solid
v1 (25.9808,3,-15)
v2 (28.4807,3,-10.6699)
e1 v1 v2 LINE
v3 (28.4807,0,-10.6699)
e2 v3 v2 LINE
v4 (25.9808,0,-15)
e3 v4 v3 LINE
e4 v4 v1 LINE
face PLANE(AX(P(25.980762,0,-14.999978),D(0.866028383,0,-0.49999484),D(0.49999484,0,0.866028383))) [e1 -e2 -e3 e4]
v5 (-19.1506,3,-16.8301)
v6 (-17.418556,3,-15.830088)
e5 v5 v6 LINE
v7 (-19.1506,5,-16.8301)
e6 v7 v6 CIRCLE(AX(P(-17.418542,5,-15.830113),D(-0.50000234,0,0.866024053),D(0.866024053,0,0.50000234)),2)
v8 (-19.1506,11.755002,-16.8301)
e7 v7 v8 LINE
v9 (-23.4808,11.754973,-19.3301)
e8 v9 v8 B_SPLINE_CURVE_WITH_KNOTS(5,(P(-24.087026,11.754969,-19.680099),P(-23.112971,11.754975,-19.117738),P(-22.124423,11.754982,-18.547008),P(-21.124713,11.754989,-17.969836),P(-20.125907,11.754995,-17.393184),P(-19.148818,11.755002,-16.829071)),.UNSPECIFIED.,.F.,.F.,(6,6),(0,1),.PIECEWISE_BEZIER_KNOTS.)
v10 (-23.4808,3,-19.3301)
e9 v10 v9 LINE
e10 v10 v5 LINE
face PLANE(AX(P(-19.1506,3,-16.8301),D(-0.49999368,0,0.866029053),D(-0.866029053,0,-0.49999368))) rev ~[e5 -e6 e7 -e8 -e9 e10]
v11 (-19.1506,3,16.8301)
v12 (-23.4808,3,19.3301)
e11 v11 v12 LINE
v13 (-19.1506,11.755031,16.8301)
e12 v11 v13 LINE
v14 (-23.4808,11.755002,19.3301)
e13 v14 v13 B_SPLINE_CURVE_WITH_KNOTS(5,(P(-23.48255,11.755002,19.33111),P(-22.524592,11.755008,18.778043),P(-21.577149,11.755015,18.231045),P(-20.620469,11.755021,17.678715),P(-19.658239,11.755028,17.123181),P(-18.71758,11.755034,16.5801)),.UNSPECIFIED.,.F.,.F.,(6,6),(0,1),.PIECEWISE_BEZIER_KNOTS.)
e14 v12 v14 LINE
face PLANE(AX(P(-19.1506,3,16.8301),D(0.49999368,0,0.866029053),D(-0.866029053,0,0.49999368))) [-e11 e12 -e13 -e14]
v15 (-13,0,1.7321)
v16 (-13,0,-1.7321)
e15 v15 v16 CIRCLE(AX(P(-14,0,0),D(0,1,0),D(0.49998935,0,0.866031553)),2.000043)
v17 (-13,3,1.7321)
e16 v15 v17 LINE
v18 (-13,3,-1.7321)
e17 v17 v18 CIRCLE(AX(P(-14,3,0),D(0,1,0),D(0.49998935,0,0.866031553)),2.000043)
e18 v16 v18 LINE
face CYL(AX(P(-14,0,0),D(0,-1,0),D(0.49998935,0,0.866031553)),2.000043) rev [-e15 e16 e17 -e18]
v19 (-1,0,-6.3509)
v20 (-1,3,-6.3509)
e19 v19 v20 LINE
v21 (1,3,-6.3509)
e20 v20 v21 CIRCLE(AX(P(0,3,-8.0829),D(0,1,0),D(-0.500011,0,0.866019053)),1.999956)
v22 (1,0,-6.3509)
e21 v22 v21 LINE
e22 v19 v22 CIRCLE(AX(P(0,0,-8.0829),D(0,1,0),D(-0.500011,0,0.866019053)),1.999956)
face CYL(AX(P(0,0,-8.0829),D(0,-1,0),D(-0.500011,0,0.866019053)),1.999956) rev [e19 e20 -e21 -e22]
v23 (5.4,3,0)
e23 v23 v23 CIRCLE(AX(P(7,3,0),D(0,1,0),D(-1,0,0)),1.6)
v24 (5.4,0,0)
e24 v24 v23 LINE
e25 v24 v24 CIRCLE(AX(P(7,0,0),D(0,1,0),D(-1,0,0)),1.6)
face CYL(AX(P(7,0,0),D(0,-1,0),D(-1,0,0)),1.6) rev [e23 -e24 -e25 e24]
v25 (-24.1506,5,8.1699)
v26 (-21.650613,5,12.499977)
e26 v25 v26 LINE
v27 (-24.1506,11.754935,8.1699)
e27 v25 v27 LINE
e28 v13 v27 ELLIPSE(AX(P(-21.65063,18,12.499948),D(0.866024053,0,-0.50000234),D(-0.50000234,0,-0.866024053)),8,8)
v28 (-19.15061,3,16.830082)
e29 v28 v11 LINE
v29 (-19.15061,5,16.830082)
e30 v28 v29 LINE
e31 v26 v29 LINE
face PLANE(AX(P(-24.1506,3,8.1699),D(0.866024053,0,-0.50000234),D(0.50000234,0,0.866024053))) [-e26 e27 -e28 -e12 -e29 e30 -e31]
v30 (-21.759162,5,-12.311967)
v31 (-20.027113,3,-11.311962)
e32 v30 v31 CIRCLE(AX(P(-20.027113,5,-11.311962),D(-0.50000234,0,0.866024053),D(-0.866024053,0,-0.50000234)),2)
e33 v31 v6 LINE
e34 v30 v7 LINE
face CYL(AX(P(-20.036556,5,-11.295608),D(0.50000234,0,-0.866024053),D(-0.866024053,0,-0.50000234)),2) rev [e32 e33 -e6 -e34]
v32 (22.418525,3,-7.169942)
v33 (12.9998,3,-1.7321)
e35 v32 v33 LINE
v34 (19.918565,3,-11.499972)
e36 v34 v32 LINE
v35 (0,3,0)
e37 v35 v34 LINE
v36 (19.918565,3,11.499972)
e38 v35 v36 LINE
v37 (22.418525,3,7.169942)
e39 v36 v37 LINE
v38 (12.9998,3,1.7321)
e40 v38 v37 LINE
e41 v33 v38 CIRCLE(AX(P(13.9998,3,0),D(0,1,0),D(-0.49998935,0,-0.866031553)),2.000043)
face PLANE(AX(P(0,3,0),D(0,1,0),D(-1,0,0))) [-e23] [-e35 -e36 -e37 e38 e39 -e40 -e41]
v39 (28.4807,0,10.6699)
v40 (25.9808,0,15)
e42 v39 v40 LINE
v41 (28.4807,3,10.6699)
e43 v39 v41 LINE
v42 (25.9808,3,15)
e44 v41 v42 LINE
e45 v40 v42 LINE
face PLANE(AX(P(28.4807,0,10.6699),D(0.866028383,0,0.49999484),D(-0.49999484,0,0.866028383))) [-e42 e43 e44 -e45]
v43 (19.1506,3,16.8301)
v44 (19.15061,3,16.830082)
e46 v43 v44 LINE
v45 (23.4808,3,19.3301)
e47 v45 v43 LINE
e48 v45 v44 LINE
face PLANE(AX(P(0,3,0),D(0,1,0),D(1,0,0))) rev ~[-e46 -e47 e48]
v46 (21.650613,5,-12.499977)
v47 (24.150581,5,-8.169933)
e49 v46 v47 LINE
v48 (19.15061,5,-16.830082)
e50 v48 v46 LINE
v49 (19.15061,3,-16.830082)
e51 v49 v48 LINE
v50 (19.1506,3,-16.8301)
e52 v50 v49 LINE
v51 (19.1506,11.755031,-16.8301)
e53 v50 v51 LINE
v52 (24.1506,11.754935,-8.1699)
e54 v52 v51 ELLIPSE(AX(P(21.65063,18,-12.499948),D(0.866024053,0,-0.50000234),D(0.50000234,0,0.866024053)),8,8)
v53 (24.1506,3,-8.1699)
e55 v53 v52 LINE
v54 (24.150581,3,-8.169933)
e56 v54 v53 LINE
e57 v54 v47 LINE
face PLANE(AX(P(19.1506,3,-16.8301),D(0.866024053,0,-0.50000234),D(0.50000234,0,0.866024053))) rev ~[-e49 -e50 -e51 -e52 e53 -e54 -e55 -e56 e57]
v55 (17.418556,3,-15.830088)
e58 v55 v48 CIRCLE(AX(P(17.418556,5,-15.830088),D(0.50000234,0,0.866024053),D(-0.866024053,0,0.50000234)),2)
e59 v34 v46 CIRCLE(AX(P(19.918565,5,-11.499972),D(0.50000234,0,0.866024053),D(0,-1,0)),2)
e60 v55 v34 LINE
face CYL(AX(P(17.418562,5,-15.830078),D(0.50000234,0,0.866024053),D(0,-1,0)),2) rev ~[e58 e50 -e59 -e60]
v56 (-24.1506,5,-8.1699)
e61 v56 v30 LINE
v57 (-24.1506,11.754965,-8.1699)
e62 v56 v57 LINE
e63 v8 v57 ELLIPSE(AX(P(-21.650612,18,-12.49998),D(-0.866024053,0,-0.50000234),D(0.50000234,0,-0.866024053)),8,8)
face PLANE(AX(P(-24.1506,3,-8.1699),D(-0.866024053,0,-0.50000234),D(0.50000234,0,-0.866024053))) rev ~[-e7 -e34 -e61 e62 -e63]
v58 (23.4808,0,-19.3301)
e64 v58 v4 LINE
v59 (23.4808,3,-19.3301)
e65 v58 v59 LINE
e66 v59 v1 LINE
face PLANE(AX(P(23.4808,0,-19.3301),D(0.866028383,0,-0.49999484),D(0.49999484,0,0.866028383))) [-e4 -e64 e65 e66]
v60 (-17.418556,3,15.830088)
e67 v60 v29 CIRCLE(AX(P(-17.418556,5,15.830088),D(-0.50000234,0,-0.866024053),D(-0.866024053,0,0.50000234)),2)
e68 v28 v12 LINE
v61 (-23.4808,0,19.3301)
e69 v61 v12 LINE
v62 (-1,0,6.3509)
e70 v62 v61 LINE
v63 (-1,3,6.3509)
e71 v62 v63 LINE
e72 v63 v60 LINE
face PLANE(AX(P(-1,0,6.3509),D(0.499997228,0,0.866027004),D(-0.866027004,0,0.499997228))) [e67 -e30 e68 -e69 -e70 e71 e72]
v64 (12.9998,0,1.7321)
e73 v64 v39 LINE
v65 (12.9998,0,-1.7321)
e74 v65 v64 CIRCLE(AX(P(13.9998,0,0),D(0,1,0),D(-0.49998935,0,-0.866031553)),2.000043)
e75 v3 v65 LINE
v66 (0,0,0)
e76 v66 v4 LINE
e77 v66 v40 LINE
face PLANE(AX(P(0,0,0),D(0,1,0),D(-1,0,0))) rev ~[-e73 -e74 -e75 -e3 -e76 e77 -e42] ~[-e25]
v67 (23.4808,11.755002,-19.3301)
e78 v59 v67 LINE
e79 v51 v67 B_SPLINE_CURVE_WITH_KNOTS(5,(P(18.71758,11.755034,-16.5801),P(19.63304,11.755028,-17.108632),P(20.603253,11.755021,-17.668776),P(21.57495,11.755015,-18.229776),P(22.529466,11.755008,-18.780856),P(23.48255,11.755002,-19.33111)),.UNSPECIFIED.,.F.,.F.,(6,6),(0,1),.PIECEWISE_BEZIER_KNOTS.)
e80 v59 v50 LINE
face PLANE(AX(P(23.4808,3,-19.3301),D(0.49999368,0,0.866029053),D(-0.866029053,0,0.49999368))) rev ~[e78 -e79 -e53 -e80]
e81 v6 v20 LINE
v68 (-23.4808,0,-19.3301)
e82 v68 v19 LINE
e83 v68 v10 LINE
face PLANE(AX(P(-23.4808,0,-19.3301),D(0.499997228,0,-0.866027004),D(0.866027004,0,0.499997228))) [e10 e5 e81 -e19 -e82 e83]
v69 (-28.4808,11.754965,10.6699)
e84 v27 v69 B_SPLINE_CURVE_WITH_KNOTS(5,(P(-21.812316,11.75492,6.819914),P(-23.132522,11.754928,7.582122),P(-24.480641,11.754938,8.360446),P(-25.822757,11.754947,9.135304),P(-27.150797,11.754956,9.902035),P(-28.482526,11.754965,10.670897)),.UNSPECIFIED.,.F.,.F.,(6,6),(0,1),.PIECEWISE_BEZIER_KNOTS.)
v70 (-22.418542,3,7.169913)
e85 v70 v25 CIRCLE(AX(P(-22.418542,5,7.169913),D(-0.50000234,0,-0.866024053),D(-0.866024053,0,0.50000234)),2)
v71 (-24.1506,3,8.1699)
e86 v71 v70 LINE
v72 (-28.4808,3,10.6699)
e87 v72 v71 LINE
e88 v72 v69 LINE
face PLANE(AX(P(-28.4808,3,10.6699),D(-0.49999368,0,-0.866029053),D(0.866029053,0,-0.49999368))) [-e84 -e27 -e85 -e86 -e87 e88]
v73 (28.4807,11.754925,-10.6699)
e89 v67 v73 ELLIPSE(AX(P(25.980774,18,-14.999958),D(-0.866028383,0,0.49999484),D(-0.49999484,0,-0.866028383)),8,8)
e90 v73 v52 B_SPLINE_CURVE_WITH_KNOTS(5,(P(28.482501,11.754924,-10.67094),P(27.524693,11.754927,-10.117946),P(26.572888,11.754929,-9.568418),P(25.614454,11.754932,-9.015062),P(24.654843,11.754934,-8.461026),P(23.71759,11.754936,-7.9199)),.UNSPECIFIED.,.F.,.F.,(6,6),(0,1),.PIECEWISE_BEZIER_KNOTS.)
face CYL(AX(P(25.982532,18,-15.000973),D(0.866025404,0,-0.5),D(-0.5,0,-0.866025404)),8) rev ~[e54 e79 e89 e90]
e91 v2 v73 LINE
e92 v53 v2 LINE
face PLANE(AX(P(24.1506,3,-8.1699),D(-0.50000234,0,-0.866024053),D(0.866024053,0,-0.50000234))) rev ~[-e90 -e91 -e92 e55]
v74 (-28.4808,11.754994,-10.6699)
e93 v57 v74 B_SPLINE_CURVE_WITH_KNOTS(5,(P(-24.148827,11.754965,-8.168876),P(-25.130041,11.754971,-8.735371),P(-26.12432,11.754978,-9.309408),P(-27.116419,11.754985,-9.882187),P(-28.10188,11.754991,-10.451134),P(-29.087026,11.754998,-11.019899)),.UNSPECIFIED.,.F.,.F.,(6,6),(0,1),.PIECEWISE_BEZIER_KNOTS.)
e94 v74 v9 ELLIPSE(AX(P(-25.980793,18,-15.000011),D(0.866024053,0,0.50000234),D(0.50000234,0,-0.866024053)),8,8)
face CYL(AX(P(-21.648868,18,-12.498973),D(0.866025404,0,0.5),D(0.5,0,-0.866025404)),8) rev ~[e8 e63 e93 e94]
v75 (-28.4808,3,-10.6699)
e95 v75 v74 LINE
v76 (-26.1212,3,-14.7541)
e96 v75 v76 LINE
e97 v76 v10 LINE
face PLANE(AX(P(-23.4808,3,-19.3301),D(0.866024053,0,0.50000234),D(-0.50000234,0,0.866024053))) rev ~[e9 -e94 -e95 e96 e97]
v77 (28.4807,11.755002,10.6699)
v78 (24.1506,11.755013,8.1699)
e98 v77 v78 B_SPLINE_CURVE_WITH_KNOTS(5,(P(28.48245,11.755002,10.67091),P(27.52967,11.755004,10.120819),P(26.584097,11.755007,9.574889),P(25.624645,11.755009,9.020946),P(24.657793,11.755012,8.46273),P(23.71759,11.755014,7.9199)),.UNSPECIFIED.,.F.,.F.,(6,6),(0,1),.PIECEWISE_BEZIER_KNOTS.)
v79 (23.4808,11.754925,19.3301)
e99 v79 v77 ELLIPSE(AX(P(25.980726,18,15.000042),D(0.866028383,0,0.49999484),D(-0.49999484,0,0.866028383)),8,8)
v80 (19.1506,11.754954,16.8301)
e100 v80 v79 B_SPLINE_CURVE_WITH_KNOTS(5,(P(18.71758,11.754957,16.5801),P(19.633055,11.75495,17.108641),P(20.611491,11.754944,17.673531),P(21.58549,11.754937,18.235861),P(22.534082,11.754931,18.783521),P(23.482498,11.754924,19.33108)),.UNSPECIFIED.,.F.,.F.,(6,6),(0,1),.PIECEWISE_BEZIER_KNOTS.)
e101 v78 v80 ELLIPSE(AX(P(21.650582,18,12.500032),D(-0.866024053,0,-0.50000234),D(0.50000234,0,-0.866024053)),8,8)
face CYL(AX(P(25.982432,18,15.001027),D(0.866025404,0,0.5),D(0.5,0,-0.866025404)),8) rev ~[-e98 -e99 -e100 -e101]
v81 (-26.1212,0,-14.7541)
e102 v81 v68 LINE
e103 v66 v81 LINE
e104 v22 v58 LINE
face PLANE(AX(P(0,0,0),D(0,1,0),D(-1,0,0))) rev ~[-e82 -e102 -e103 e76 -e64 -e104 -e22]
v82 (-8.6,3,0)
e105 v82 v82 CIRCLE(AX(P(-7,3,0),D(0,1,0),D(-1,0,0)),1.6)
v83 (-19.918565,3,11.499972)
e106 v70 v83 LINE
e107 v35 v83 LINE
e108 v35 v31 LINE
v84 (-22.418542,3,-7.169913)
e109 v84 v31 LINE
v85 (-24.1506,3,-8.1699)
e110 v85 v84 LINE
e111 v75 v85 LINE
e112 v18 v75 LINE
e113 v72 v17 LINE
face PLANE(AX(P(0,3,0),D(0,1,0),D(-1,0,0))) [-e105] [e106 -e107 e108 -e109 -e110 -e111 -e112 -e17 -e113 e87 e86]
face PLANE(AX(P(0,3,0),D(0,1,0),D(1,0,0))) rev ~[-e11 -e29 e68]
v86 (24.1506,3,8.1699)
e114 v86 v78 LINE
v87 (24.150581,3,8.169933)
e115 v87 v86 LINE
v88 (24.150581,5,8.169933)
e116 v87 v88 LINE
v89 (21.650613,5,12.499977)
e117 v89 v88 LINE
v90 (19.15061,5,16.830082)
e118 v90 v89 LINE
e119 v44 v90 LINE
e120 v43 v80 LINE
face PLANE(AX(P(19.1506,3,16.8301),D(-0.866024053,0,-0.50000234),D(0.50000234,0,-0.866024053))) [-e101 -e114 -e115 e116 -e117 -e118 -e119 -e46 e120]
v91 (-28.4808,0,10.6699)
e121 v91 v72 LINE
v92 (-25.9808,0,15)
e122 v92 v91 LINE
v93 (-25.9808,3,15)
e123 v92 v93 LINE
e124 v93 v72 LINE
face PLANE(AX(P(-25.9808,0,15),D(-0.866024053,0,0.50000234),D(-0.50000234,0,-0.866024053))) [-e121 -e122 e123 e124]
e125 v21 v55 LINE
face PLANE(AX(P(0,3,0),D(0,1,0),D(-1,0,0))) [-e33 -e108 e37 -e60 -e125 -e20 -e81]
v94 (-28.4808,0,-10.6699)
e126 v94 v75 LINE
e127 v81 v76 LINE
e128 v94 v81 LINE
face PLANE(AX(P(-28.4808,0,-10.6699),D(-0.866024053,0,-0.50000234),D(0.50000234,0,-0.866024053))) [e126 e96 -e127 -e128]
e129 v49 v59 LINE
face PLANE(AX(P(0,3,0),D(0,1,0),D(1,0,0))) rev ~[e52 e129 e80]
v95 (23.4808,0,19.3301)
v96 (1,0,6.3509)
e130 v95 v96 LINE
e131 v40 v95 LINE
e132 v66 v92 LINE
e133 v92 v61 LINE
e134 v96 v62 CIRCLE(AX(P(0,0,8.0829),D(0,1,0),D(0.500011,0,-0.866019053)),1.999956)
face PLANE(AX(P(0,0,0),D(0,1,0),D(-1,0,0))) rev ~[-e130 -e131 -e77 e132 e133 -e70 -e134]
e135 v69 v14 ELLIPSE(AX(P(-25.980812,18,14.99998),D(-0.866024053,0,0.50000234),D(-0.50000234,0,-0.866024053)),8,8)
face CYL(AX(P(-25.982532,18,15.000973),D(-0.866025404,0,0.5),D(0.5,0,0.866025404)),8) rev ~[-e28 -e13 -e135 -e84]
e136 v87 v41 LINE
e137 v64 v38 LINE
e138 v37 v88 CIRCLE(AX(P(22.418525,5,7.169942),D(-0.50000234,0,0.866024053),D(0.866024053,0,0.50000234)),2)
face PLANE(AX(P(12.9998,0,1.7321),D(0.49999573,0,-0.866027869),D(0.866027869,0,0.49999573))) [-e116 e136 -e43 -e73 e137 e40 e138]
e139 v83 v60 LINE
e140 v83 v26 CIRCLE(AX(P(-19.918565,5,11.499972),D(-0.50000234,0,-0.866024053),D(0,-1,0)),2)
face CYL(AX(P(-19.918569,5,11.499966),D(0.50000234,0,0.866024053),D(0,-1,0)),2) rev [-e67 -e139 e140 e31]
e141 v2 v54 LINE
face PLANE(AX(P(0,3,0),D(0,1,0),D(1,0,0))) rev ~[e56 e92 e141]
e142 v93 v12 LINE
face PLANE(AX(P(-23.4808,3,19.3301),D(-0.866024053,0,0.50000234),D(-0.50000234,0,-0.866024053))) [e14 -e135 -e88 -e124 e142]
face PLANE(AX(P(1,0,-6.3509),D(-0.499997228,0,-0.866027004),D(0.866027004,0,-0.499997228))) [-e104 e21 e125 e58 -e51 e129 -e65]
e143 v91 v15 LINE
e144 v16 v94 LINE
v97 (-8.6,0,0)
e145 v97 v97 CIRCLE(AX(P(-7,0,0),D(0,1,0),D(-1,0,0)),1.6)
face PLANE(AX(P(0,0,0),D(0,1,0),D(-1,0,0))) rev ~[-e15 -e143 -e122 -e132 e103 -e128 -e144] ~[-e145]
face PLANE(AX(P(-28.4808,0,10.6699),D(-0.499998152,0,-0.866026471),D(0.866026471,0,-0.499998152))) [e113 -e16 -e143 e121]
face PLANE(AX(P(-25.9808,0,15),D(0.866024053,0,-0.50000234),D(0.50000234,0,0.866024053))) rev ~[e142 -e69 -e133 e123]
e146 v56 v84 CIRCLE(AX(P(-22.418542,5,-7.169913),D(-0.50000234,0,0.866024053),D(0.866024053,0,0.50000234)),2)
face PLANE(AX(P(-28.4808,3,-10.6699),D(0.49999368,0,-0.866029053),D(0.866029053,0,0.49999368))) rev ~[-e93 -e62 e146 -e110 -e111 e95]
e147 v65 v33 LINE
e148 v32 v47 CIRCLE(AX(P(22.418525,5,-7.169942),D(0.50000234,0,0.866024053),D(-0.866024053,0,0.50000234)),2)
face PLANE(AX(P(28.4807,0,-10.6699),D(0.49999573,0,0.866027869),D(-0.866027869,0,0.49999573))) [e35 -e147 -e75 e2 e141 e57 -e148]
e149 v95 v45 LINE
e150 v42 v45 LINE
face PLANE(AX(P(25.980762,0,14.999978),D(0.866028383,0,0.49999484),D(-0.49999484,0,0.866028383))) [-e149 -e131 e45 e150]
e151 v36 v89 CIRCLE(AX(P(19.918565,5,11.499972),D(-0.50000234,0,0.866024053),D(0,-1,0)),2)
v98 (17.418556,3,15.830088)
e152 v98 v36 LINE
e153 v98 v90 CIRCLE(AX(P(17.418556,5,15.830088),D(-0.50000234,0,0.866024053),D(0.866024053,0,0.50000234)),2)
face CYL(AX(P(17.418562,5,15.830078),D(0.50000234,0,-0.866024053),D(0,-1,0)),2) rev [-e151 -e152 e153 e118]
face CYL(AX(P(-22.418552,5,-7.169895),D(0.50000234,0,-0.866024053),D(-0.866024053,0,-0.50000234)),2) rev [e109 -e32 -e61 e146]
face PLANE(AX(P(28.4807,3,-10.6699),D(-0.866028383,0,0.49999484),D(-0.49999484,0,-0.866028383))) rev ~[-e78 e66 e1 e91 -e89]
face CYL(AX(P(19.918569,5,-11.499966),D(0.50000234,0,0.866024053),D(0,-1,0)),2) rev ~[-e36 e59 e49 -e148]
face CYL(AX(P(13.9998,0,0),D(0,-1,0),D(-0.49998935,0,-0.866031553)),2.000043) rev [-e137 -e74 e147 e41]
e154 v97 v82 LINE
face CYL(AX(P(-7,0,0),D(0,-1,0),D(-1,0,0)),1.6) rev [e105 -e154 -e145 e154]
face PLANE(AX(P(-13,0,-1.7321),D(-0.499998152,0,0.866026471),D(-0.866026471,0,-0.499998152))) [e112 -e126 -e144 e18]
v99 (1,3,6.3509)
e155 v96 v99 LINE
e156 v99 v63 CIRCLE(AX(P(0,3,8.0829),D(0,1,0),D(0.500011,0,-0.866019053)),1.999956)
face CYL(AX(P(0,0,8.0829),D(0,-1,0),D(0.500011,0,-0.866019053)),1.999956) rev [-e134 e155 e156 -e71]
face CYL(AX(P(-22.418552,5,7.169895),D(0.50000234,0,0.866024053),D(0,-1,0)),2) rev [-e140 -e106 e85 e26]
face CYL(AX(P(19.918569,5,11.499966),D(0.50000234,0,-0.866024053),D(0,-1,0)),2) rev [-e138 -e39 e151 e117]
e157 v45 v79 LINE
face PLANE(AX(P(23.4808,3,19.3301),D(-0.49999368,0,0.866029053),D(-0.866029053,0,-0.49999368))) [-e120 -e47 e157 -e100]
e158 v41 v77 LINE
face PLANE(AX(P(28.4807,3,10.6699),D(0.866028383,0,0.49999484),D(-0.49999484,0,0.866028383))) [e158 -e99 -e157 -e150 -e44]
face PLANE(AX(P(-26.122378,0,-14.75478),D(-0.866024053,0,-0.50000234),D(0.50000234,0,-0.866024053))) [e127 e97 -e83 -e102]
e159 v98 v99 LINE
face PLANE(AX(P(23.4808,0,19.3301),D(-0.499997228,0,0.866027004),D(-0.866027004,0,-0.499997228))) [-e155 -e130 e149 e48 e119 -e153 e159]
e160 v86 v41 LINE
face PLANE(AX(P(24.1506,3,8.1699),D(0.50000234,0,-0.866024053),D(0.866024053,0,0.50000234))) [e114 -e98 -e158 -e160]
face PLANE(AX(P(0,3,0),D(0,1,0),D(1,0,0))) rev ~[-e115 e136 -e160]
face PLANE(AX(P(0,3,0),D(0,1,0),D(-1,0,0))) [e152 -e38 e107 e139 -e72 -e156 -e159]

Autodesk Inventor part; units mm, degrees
ref_plane "YZ Plane" through (0, 0, 0) normal (1, 0, 0) x (0, 1, 0)
ref_plane "XZ Plane" through (0, 0, 0) normal (0, 1, 0) x (-1, 0, 0)
ref_plane "XY Plane" through (0, 0, 0) normal (0, 0, 1) x (1, 0, 0)
sketch "Sketch1" plane through (0, 0, 0) normal (0, 1, 0) x (-1, 0, 0)
  arc A0 (-1, 6.3509) -> (1, 6.3509) centre (0, 8.0829) ccw
  arc A1 (-12.9998, -1.7321) -> (-12.9998, 1.7321) centre (-13.9998, 0) ccw
  arc A2 (1, -6.3509) -> (-1, -6.3509) centre (0, -8.0829) ccw
  arc A3 (13, 1.7321) -> (13, -1.7321) centre (14, 0) ccw
  circle A4 centre (7, 0) radius 1.6
  circle A5 centre (-7, 0) radius 1.6
  line L0 (0, 0) -> (26.1212, -14.7541)
  line L1 (0, 0) -> (25.9808, 15)
  line L2 (0, 0) -> (30, 0) construction
  line L3 (0, 0) -> (-25.9808, -15)
  line L4 (0, 0) -> (-25.9808, 15)
  line L5 (0, 0) -> (30, 0) construction
  line L6 (25.9808, 15) -> (28.4808, 10.6699)
  line L7 (25.9808, 15) -> (23.4808, 19.3301)
  line L8 (1, 6.3509) -> (23.4808, 19.3301)
  line L9 (28.4808, 10.6699) -> (13, 1.7321)
  line L10 (13, -1.7321) -> (28.4808, -10.6699)
  line L11 (28.4808, -10.6699) -> (23.4808, -19.3301)
  line L12 (23.4808, -19.3301) -> (1, -6.3509)
  line L13 (-1, -6.3509) -> (-23.4808, -19.3301)
  line L14 (-23.4808, -19.3301) -> (-28.4807, -10.6699)
  line L15 (-28.4807, -10.6699) -> (-12.9998, -1.7321)
  line L16 (-12.9998, 1.7321) -> (-28.4807, 10.6699)
  line L17 (-28.4807, 10.6699) -> (-23.4808, 19.3301)
  line L18 (-23.4808, 19.3301) -> (-1, 6.3509)
  dimension "d0" = 3.2
  dimension "d1" = 30
  dimension "d2" = 30
  dimension "d3" = 30
  dimension "d4" = 30
  dimension "d5" = 30
  dimension "d6" = 150
extrude "Extrusion1" add sketch "Sketch1" along normal blind 3
sketch "Sketch2" plane through (0, 3, 0) normal (0, 1, 0) x (1, 0, 0)
  line L0 (-23.4808, -19.3301) -> (-28.4808, -10.6699)
  line L1 (-28.4808, -10.6699) -> (-24.1506, -8.1699)
  line L2 (-24.1506, -8.1699) -> (-19.1506, -16.8301)
  line L3 (-19.1506, -16.8301) -> (-23.4808, -19.3301)
  line L4 (-28.4808, -10.6699) -> (-23.4808, -19.3301) projected
  line L5 (-23.4808, 19.3301) -> (-28.4808, 10.6699)
  line L6 (-28.4808, 10.6699) -> (-24.1506, 8.1699)
  line L7 (-24.1506, 8.1699) -> (-19.1506, 16.8301)
  line L8 (-19.1506, 16.8301) -> (-23.4808, 19.3301)
  line L9 (-1, 6.3509) -> (-23.4808, 19.3301) projected
  line L10 (28.4807, 10.6699) -> (23.4808, 19.3301)
  line L11 (23.4808, 19.3301) -> (19.1506, 16.8301)
  line L12 (19.1506, 16.8301) -> (24.1506, 8.1699)
  line L13 (24.1506, 8.1699) -> (28.4807, 10.6699)
  line L14 (28.4807, -10.6699) -> (23.4808, -19.3301)
  line L15 (23.4808, -19.3301) -> (19.1506, -16.8301)
  line L16 (19.1506, -16.8301) -> (24.1506, -8.1699)
  line L17 (24.1506, -8.1699) -> (28.4807, -10.6699)
  line L18 (23.4808, -19.3301) -> (28.4807, -10.6699) projected
  point P0 (0, 0)
  dimension "d9" = 5
  dimension "d10" = 5
  dimension "d11" = 5
  dimension "d12" = 5
extrude "Extrusion2" add sketch "Sketch2" along normal blind 15
fillet "Fillet1" radius 2 4 edges at (-21.6506, 3, 12.5) (-21.6506, 3, -12.5) (21.6506, 3, -12.5) (21.6506, 3, 12.5)
sketch "Sketch3" plane through (-19.1506, 5, -16.8301) normal (0.866, 0, 0.5) x (0.5, 0, -0.866)
  line L0 (-10, 13) -> (0, 13) projected
  circle A0 centre (-5, 13) radius 8
  point P0 (-5, -5)
  dimension "d16" = 16
extrude "Extrusion3" cut sketch "Sketch3" against normal blind 13
sketch "Sketch4" plane through (23.4808, 0, -19.3301) normal (0.866, 0, -0.5) x (-0.5, 0, -0.866)
  line L0 (0, 18) -> (-9.9999, 18) projected
  circle A0 centre (-5, 18) radius 8
  point P0 (-5, 0)
  dimension "d19" = 16
extrude "Extrusion4" cut sketch "Sketch4" against normal blind 13
sketch "Sketch5" plane through (28.4807, 0, 10.6699) normal (0.866, 0, 0.5) x (0.5, 0, -0.866)
  line L0 (-9.9999, 18) -> (0, 18) projected
  circle A0 centre (-5, 18) radius 8
  point P0 (-4.9999, 0)
  dimension "d22" = 16
extrude "Extrusion5" cut sketch "Sketch5" against normal blind 10
sketch "Sketch6" plane through (-23.4808, 0, 19.3301) normal (-0.866, 0, 0.5) x (0.5, 0, 0.866)
  line L0 (0, 18) -> (-10, 18) projected
  circle A0 centre (-5, 18) radius 8
  point P0 (-5, 0)
  dimension "d25" = 16
extrude "Extrusion6" cut sketch "Sketch6" against normal blind 10
properties part number "Motor Support" material "ABS Plastic"
